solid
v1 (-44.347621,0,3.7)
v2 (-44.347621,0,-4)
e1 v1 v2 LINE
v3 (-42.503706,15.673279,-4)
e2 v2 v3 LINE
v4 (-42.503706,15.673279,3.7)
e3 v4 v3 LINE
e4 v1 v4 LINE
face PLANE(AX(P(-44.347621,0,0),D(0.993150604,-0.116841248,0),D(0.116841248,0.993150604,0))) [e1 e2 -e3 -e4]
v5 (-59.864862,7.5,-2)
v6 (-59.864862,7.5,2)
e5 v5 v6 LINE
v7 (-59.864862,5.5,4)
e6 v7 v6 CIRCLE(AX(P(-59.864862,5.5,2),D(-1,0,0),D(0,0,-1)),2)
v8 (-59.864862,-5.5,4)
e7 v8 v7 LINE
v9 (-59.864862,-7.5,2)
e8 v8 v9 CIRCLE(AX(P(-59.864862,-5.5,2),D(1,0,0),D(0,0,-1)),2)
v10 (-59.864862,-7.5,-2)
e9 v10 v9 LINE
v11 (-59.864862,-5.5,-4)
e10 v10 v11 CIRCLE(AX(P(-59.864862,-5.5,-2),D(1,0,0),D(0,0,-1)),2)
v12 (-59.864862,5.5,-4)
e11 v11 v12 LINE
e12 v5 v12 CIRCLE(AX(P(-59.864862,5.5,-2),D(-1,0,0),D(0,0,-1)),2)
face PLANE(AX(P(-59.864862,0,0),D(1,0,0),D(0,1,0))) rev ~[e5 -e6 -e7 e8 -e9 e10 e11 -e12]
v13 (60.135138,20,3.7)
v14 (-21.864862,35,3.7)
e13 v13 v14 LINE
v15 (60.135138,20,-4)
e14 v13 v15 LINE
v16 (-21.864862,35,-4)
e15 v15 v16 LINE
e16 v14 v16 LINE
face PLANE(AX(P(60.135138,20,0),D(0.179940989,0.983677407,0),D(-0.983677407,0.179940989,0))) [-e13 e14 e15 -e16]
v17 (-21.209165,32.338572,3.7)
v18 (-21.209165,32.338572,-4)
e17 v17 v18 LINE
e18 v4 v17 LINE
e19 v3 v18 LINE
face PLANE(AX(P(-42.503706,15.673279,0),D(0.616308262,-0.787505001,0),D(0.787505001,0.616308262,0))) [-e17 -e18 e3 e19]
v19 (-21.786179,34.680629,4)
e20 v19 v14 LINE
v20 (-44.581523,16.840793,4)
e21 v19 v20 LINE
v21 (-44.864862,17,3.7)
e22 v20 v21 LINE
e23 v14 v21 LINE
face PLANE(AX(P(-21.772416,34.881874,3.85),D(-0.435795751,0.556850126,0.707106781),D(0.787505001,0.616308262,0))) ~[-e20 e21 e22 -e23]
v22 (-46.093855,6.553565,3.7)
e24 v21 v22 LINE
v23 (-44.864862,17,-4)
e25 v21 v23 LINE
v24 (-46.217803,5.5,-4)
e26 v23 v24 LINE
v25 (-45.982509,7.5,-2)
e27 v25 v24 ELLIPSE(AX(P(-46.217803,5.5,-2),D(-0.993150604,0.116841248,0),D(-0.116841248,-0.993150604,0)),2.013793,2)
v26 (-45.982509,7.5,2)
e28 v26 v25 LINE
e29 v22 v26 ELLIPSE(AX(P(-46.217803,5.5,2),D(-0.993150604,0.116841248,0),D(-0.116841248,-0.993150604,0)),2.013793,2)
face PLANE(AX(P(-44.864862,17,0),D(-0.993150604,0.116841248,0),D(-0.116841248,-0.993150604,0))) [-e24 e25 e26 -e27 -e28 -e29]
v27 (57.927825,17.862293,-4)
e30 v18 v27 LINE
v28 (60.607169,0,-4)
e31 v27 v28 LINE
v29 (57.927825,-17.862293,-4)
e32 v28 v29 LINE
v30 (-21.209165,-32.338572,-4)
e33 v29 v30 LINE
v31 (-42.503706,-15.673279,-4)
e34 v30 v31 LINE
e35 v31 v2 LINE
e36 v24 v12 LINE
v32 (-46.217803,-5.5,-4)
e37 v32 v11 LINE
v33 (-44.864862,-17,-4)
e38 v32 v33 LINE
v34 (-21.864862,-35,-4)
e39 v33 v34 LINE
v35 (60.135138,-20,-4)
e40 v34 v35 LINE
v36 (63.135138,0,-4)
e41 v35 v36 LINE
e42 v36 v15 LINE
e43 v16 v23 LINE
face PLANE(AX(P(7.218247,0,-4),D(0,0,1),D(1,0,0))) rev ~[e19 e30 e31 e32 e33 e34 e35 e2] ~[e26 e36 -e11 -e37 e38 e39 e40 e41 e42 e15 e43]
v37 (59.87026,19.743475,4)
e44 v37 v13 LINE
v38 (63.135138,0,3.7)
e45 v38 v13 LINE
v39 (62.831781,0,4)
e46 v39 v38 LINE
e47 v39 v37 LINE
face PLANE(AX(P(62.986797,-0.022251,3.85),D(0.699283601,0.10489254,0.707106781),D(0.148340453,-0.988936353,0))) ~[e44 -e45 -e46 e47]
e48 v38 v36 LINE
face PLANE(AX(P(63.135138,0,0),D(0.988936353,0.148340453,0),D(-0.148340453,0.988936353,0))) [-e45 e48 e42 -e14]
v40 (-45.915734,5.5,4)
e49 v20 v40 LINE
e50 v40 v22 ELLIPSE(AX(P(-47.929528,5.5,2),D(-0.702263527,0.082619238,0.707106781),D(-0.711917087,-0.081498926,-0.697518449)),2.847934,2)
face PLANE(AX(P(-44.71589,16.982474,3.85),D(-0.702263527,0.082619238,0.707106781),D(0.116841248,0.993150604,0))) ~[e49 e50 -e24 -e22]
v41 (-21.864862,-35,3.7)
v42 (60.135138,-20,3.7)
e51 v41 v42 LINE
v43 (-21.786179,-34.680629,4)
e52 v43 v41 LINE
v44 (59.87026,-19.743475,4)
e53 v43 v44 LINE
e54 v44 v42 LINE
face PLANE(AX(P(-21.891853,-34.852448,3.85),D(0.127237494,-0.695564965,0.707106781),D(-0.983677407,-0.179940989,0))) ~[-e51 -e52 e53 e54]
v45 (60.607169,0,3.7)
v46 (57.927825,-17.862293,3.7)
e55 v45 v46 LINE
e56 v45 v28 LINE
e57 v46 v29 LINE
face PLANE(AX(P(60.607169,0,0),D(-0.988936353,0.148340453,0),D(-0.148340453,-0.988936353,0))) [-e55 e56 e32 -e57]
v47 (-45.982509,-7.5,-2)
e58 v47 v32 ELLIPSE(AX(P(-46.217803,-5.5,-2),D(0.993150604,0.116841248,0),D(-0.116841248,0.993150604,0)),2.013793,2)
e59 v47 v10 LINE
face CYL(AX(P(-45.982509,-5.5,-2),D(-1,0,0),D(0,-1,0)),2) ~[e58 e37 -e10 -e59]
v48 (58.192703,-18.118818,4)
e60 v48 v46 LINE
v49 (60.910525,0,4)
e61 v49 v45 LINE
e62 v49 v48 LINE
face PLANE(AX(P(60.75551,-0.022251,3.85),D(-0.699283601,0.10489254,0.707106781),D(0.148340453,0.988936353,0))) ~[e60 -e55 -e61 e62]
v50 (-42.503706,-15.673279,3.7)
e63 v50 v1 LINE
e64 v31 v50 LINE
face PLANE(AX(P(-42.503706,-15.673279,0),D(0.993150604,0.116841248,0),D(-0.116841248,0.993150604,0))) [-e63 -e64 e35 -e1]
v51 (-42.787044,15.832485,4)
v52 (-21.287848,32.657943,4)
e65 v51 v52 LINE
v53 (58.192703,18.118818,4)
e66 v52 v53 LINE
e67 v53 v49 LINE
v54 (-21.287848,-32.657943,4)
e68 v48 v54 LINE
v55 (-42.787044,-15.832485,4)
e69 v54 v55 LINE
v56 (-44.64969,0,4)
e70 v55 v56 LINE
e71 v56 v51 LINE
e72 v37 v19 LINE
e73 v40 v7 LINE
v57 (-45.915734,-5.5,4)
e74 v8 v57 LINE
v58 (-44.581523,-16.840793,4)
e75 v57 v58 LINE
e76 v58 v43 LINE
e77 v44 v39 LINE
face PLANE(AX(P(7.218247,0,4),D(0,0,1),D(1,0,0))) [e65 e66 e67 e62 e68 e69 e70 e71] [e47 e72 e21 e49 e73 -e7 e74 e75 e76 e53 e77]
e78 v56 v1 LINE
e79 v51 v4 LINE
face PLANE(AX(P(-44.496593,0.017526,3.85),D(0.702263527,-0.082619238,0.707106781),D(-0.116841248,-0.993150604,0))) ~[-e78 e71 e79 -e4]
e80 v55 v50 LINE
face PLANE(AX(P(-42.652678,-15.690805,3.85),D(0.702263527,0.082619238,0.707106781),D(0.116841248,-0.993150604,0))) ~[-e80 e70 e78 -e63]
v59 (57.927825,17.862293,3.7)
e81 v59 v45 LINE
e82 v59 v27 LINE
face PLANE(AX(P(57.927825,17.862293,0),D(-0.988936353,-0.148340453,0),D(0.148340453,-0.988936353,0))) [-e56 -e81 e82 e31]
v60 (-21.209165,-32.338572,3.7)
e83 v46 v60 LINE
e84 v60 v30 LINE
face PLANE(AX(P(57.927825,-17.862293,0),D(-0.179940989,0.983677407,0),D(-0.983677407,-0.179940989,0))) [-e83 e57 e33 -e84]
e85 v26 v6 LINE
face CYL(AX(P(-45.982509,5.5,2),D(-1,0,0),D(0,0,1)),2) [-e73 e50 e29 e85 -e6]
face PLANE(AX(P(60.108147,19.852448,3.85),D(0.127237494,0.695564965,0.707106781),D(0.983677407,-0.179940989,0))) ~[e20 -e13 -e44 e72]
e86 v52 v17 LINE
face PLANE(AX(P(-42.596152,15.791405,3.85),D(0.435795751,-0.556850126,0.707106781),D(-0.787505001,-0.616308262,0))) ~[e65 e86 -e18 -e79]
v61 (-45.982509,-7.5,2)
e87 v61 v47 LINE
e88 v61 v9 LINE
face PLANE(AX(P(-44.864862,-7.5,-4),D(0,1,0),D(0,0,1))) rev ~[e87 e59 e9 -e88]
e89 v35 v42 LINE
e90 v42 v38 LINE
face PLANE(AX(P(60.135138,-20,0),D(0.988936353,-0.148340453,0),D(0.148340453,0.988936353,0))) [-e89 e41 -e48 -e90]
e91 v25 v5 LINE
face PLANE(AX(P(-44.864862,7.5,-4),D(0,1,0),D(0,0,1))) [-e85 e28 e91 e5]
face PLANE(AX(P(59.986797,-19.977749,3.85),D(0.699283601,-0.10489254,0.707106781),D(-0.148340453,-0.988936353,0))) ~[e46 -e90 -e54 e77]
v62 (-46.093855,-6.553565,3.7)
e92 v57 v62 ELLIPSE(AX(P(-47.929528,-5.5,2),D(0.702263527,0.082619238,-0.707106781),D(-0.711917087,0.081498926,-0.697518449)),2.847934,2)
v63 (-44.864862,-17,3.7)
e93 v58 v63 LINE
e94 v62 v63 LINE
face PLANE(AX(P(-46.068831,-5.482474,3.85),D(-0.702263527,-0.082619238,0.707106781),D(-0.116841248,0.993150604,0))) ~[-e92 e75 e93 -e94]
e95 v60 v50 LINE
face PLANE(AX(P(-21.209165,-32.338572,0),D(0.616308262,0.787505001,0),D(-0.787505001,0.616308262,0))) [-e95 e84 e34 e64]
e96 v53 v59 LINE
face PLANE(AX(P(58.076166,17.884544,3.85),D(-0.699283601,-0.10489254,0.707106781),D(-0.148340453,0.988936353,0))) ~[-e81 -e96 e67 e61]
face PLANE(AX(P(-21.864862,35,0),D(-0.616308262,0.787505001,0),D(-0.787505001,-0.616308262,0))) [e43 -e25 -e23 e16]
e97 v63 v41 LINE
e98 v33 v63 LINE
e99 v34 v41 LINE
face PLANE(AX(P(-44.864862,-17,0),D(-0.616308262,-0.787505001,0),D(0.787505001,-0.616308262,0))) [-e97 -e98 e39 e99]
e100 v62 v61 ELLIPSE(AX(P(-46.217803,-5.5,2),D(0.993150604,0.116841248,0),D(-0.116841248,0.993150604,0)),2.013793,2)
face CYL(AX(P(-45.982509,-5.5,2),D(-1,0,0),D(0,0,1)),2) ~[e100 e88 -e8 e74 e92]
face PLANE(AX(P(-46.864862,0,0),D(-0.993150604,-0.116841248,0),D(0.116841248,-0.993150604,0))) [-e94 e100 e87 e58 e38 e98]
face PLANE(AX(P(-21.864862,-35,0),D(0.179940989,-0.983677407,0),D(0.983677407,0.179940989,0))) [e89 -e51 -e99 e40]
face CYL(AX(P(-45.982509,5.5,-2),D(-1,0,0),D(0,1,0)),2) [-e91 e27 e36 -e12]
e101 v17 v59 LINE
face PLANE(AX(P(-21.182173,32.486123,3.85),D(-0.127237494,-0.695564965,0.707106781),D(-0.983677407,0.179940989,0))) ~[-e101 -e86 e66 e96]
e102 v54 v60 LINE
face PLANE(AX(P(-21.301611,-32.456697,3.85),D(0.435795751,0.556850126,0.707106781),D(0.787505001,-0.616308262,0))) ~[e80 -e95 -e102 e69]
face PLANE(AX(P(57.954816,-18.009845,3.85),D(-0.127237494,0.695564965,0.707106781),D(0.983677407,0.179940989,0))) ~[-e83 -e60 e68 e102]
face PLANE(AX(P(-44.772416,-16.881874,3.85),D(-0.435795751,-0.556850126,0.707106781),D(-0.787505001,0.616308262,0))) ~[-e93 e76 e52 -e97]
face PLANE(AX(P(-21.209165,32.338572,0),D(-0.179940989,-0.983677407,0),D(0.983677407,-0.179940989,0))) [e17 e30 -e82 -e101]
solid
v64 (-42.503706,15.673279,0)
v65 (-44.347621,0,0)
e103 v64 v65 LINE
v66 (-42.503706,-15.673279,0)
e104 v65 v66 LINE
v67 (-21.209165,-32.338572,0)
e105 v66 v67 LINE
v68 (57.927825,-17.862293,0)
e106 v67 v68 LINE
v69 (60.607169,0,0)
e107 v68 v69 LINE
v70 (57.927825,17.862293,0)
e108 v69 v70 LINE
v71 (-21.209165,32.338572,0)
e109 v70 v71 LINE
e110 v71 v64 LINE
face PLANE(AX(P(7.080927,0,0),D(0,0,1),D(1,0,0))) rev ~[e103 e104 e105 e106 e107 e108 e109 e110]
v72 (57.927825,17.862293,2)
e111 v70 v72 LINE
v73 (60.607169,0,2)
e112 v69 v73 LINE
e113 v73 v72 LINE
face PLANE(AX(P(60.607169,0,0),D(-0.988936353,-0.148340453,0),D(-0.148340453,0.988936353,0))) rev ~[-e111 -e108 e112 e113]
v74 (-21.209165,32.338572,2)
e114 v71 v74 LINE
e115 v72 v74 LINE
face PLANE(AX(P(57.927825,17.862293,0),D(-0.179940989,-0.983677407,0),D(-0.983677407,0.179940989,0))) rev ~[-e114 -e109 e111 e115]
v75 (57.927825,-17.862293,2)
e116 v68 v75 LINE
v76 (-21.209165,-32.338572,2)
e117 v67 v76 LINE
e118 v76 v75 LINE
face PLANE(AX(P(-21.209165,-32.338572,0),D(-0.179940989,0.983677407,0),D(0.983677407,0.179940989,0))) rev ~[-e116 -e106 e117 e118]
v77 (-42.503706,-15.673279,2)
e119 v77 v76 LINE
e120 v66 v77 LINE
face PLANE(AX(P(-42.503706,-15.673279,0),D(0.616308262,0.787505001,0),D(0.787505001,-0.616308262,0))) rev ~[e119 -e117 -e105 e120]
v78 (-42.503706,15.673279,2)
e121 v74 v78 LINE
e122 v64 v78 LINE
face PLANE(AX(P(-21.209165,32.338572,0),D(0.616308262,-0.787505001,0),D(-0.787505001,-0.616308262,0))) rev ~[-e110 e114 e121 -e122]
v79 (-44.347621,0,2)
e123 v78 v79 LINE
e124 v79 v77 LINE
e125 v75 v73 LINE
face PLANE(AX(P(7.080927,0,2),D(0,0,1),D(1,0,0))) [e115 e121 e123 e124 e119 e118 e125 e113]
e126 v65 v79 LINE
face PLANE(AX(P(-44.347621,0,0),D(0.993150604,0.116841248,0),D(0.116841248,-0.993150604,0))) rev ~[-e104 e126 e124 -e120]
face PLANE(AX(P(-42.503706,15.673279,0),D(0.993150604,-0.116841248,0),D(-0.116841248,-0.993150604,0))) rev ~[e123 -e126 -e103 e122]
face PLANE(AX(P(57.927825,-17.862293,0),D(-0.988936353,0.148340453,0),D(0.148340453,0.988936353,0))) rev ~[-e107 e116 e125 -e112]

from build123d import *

# Parameters (mm, degrees)
F1_DEPTH = 4
F2_DEPTH = 2
F5_W     = 15
F5_H     = 8
F6_DEPTH = 15
F7_R     = 2
F8_SIZE  = 0.3


with BuildPart() as f1:
    # F0 (on Top) → F1 (new body, symmetric)
    with BuildSketch(Plane.XY):
        Polygon((-44.8648623007, 17), (-46.8648623007, 0), (-44.8648623007, -17), (-21.8648623007, -35), (60.1351376993, -20), (63.1351376993, 0), (60.1351376993, 20), (-21.8648623007, 35), align=None)
        Polygon((-42.5037055669, -15.6732787773), (-44.3476207171, 0), (-42.5037055669, 15.6732787773), (-21.2091646129, 32.3385716978), (57.9278251858, 17.8622930761), (60.6071691472, 0), (57.9278251858, -17.8622930761), (-21.2091646129, -32.3385716978), align=None, mode=Mode.SUBTRACT)
    extrude(amount=F1_DEPTH, both=True)

    # F5 (on plane+point) → F6 (join)
    with BuildSketch(Plane.YZ.offset(-44.8648623007)):
        Rectangle(F5_W, F5_H)
    extrude(amount=-F6_DEPTH)

    # F7
    f7_edges = [f1.edges().sort_by_distance(p)[0] for p in [
        (-52.923686, -7.5, -4),
        (-52.923686, -7.5, 4),
        (-52.923686, 7.5, -4),
        (-52.923686, 7.5, 4),
    ]]
    fillet(f7_edges, radius=F7_R)

    # F8
    f8_edges = [f1.edges().sort_by_distance(p)[0] for p in [
        (-33.364862, -26, 4),
        (19.135138, -27.5, 4),
        (-45.423686, -12.25, 4),
        (-45.423686, 12.25, 4),
        (-33.364862, 26, 4),
        (19.135138, 27.5, 4),
        (61.635138, 10, 4),
        (61.635138, -10, 4),
        (-31.856435, -24.005925, 4),
        (-43.425663, -7.836639, 4),
        (-43.425663, 7.836639, 4),
        (-31.856435, 24.005925, 4),
        (18.35933, 25.100432, 4),
        (18.35933, -25.100432, 4),
        (59.267497, -8.931147, 4),
        (59.267497, 8.931147, 4),
    ]]
    chamfer(f8_edges, length=F8_SIZE)


with BuildPart() as f2:
    # F0 (on Top) → F2 (new body)
    with BuildSketch(Plane.XY):
        Polygon((-42.5037055669, 15.6732787773), (-44.3476207171, 0), (-42.5037055669, -15.6732787773), (-21.2091646129, -32.3385716978), (57.9278251858, -17.8622930761), (60.6071691472, 0), (57.9278251858, 17.8622930761), (-21.2091646129, 32.3385716978), align=None)
    extrude(amount=F2_DEPTH)


solid = Compound([f1.part, f2.part])
